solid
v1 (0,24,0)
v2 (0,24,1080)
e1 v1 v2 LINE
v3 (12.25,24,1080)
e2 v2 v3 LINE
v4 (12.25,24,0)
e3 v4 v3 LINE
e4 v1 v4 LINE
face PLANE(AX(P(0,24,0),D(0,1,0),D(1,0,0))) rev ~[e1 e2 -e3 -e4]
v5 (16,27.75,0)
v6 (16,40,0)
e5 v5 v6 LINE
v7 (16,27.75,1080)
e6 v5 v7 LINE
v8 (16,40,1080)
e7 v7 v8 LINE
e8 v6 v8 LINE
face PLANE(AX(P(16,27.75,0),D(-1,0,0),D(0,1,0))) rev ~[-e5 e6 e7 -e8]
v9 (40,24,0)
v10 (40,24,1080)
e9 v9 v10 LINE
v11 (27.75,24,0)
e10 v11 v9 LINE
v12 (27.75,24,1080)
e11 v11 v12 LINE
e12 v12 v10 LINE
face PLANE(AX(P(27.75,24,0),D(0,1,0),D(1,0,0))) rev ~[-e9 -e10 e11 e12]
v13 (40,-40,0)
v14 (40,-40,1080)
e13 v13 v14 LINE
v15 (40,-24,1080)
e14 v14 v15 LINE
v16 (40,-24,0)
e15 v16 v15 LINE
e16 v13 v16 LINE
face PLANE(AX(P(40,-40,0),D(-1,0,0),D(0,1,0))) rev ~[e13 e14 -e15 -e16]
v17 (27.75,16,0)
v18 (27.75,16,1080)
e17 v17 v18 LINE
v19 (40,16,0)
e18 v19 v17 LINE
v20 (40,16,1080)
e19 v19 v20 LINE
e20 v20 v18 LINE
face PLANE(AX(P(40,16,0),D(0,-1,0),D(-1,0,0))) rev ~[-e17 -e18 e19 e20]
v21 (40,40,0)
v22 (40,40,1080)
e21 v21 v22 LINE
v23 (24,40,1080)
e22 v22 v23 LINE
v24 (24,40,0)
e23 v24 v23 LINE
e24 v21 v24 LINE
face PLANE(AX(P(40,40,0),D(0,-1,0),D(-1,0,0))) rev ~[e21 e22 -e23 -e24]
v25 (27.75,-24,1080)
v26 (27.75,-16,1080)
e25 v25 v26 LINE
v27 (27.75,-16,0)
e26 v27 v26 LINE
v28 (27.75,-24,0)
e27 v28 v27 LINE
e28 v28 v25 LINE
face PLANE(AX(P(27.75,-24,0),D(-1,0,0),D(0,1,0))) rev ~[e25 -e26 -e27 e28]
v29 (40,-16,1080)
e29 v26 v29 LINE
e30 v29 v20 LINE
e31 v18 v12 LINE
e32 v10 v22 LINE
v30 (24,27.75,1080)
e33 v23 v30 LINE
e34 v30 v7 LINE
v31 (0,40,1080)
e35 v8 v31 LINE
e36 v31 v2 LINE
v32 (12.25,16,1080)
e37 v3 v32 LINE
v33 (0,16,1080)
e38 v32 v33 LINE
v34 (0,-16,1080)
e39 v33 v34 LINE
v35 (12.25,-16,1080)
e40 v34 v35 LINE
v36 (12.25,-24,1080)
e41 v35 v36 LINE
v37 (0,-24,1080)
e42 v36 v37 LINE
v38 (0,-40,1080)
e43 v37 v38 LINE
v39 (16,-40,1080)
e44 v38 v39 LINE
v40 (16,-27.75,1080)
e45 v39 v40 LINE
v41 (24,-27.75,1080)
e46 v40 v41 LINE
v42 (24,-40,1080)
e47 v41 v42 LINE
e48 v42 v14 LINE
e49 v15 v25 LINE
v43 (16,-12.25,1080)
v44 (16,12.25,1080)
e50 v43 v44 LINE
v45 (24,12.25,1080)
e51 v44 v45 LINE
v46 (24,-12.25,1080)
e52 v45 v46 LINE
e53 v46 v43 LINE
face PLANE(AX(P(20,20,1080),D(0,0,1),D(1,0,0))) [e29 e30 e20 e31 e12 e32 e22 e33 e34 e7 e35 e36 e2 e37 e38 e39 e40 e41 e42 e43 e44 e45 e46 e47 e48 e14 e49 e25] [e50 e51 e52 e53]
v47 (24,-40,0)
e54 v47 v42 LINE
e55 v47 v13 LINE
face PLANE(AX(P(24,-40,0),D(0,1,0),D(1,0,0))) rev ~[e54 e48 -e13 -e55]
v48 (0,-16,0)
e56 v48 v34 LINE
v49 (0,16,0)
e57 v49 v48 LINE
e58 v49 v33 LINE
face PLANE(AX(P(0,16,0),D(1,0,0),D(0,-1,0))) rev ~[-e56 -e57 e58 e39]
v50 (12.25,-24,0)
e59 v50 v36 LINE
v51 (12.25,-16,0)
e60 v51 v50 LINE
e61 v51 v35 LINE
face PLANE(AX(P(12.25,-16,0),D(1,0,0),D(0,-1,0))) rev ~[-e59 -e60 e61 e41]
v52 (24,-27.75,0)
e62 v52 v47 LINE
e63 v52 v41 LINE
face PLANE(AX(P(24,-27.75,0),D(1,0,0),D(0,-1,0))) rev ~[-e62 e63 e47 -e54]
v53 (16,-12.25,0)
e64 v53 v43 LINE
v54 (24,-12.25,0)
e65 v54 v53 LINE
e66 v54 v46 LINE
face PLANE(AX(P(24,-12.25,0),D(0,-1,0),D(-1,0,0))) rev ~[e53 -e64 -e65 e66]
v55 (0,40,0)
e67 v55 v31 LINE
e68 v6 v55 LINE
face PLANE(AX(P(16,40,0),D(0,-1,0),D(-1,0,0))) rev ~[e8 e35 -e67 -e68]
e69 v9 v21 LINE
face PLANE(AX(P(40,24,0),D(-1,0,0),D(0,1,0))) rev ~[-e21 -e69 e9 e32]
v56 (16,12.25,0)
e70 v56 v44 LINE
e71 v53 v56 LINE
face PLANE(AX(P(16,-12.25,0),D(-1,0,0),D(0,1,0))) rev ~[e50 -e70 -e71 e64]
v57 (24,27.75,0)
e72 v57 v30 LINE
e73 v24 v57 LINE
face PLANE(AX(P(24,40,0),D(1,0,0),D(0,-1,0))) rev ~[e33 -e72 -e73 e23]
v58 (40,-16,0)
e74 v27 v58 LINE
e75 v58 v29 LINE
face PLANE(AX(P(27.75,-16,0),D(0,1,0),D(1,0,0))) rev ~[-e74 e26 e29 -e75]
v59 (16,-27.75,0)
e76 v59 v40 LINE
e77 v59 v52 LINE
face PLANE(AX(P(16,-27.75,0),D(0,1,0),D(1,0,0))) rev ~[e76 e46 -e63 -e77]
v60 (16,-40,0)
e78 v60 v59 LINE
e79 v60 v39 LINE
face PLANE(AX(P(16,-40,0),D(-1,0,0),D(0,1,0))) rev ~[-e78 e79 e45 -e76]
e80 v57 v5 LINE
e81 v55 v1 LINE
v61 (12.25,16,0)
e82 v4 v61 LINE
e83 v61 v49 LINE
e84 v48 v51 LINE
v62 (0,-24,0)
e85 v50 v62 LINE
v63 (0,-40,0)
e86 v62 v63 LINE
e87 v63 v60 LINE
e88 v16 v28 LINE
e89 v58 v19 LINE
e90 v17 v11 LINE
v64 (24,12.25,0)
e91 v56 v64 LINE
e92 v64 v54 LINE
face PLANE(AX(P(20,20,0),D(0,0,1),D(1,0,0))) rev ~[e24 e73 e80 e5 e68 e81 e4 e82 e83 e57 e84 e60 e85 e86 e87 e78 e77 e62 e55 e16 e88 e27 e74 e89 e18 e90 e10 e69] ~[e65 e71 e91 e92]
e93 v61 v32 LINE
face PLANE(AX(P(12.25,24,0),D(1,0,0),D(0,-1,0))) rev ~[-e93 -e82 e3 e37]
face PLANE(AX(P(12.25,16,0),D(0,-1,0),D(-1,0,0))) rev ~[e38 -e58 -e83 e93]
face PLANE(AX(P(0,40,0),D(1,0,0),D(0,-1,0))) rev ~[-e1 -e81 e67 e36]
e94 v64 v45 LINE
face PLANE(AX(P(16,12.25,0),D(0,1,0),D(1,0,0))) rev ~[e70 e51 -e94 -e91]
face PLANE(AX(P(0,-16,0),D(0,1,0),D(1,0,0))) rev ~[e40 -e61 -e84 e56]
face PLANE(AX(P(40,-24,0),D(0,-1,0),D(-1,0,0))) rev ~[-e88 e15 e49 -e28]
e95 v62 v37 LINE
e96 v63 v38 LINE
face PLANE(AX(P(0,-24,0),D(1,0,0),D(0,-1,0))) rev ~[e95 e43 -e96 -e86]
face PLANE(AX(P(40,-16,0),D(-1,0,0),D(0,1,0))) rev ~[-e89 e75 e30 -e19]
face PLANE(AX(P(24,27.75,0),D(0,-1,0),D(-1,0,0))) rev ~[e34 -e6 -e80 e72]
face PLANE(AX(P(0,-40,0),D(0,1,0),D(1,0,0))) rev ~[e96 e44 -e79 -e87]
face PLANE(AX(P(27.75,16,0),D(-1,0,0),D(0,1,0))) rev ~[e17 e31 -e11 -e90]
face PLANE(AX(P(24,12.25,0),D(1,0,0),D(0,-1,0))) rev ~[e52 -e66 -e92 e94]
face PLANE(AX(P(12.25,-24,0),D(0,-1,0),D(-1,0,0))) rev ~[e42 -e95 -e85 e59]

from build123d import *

# Parameters (mm, degrees)
F1_DEPTH = 1080


with BuildPart() as f1:
    # F0 (on Top) → F1 (new body)
    with BuildSketch(Plane.XY):
        Polygon((0, 16), (0, 0), (16, 0), (16, 12.25), (24, 12.25), (24, 0), (40, 0), (40, 16), (27.75, 16), (27.75, 24), (40, 24), (40, 40), (24, 40), (24, 27.75), (16, 27.75), (16, 40), (0, 40), (0, 24), (12.25, 24), (12.25, 16), align=None)
        Polygon((16, 0), (0, 0), (0, -16), (12.25, -16), (12.25, -24), (0, -24), (0, -40), (16, -40), (16, -27.75), (24, -27.75), (24, -40), (40, -40), (40, -24), (27.75, -24), (27.75, -16), (40, -16), (40, 0), (24, 0), (24, -12.25), (16, -12.25), align=None)
    extrude(amount=F1_DEPTH)


solid = f1.part
